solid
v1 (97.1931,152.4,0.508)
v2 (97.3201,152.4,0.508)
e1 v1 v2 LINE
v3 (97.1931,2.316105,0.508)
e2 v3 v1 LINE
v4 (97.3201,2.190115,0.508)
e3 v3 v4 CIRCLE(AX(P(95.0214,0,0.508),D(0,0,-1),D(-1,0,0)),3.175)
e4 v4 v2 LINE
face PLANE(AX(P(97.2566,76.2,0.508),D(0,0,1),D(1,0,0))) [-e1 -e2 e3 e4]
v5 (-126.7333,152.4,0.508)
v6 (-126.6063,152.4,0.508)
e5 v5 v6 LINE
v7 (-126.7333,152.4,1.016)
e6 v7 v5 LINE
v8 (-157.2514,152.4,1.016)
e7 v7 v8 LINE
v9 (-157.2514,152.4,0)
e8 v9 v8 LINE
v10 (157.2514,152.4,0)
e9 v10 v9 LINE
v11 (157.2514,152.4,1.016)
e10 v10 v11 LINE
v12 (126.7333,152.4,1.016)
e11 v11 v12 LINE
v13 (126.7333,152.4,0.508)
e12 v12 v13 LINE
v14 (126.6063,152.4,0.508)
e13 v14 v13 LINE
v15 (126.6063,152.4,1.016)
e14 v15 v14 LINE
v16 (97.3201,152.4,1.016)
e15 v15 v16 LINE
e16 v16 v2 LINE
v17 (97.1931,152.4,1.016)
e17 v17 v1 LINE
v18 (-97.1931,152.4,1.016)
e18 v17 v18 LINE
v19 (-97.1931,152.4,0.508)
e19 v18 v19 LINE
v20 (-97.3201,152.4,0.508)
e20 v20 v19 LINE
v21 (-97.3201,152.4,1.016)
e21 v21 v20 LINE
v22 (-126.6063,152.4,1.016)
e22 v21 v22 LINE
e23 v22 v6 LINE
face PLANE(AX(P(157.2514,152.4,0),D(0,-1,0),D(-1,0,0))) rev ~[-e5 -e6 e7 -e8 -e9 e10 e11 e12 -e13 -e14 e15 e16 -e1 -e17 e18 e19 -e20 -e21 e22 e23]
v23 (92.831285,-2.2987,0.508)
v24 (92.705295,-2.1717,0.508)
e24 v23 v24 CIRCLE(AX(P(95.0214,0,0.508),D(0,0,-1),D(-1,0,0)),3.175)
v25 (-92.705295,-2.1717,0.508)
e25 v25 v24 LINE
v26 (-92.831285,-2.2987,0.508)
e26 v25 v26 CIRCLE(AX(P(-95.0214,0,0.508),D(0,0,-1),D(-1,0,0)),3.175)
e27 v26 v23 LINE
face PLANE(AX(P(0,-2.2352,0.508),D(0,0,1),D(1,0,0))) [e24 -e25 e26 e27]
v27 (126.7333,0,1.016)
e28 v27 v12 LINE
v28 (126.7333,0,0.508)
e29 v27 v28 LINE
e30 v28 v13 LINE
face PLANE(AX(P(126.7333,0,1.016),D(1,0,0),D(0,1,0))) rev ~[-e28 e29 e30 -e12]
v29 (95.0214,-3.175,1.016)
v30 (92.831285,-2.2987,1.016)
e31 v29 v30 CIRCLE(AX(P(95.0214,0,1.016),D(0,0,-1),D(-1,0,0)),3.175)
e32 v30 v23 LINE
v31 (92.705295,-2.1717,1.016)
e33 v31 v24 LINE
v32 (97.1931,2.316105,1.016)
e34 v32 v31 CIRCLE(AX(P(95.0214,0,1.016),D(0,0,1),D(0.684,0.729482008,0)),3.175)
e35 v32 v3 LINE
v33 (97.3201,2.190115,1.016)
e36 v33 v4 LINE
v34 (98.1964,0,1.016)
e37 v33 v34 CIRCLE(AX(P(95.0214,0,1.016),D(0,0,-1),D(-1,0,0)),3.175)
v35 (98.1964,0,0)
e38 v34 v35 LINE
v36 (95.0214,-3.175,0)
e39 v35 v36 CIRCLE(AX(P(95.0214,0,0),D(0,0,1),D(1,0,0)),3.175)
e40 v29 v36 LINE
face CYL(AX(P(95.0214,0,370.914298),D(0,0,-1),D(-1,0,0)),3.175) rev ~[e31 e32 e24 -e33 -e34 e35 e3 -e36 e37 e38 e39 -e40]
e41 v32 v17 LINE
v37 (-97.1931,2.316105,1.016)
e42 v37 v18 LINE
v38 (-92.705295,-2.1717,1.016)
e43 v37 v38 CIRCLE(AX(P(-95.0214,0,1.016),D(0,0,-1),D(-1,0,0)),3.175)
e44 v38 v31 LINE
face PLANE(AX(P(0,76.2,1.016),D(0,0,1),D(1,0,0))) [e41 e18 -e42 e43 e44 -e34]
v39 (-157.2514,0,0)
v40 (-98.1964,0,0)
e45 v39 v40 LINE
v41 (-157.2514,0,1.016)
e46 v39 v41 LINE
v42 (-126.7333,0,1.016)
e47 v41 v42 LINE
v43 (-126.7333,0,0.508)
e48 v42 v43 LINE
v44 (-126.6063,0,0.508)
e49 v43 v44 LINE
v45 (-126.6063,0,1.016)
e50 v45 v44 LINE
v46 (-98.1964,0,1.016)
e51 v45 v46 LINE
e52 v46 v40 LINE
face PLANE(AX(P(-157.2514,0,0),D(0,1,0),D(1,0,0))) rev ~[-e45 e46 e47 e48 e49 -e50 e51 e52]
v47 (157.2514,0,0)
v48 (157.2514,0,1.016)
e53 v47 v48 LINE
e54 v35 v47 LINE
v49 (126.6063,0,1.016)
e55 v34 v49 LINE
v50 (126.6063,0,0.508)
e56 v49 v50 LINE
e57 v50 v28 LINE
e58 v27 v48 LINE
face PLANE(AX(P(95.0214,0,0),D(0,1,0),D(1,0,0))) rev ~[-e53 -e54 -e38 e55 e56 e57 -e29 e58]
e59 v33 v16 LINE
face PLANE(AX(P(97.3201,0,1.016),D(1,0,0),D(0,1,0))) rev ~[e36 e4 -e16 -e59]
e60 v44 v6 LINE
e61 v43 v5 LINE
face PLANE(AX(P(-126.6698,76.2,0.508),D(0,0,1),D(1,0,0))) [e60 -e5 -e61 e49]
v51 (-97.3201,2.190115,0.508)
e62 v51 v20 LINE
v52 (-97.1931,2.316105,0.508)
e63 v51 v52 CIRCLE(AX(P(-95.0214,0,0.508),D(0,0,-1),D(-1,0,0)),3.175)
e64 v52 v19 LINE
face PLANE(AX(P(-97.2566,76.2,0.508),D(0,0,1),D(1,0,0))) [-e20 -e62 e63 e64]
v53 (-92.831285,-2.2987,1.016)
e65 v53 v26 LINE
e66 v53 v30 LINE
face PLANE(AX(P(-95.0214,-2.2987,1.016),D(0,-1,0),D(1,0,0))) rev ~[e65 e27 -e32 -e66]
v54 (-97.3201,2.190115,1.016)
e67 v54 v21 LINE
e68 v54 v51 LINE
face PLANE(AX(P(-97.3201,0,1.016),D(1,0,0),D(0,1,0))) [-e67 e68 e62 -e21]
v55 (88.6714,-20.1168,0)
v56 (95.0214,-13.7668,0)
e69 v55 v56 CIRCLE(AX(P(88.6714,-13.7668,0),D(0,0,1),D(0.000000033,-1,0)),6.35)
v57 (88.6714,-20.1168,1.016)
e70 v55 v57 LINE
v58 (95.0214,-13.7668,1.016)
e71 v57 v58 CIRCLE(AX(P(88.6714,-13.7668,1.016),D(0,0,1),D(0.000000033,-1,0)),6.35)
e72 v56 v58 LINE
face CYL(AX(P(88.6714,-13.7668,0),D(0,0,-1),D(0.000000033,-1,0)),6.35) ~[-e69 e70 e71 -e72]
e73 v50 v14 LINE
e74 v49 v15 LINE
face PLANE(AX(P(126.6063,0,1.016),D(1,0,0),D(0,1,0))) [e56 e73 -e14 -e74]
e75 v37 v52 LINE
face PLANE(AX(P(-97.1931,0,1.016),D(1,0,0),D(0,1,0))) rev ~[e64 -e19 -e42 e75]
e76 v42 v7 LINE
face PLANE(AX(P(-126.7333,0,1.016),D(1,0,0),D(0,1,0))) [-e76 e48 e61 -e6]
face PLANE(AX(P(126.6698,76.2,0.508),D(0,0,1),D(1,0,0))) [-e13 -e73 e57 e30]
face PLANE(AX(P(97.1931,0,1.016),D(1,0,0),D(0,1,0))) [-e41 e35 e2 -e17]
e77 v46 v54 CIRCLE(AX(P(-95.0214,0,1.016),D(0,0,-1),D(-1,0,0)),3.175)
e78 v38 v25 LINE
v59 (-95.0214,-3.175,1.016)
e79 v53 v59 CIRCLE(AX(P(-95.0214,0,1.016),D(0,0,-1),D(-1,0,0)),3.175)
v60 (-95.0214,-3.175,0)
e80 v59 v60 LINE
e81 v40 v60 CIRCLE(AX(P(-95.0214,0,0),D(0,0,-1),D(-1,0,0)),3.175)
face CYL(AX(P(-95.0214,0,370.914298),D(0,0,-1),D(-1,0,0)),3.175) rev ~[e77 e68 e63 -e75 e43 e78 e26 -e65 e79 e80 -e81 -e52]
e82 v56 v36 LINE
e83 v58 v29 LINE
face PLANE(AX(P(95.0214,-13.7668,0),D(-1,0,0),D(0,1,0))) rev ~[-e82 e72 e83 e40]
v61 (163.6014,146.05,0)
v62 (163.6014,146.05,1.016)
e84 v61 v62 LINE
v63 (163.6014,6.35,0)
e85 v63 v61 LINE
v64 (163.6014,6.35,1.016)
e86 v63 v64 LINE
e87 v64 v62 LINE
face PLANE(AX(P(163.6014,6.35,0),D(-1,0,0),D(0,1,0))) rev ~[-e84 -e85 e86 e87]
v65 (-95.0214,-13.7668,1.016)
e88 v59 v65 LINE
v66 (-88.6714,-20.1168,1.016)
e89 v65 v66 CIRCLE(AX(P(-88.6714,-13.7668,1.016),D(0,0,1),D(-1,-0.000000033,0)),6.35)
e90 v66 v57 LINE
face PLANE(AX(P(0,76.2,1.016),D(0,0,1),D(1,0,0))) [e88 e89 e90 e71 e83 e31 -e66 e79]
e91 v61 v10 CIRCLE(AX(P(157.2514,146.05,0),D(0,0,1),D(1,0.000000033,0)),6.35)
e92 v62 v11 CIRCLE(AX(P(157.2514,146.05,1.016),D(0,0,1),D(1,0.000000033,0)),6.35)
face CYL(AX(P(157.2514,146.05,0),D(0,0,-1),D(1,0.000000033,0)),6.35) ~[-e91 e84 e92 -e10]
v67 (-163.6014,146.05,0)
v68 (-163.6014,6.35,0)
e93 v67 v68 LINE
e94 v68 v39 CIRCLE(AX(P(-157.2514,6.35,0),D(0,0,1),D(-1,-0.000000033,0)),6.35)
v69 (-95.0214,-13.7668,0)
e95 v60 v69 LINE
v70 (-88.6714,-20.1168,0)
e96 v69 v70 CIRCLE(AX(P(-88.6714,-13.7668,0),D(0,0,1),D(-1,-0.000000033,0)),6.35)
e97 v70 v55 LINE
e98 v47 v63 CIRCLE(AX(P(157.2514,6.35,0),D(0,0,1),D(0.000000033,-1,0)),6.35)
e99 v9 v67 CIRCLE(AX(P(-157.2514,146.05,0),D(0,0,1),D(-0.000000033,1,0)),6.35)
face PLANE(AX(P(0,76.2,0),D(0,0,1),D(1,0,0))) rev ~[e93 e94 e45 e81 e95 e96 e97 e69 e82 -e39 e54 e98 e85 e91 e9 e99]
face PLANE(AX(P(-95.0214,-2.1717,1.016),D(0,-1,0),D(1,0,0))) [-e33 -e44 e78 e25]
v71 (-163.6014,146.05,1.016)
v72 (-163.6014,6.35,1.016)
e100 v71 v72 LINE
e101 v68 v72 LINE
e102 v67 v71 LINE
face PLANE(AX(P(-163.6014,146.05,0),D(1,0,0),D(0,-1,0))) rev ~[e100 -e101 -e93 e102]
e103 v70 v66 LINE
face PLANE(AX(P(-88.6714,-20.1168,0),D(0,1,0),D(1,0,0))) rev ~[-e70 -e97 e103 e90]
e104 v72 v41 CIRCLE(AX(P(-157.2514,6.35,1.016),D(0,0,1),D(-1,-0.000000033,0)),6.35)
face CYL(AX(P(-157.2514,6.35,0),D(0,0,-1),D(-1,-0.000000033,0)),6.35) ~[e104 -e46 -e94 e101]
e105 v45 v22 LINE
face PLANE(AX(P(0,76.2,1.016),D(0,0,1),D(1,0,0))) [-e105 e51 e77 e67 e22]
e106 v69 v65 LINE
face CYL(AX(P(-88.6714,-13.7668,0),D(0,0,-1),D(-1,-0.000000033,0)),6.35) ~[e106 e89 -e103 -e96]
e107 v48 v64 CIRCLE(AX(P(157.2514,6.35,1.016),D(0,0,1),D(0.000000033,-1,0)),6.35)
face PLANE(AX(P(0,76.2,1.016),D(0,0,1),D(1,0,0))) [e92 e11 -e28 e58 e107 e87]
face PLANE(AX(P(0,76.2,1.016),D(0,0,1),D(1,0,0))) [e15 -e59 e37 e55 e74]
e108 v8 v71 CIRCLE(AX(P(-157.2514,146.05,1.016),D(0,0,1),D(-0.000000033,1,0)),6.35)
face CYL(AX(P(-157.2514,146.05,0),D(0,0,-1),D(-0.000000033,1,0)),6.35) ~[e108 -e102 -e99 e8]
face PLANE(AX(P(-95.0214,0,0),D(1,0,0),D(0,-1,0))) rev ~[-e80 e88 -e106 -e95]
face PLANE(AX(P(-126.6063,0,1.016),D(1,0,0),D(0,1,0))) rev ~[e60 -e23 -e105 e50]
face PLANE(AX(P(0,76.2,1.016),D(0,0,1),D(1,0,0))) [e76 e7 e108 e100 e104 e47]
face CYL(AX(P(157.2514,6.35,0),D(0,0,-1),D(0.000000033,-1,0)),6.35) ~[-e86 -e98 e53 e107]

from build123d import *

# Parameters (mm, degrees)
F0_W     = 190.0428
F0_H     = 2.1717
F0_W_2   = 0.127
F0_H_2   = 152.4
F0_H_3   = 0.127
F1_DEPTH = 1.016
F2_W     = 0.127
F2_H     = 152.4
F2_W_2   = 190.0428
F2_H_2   = 0.127
F3_DEPTH = 0.508
F5_D     = 6.35


with BuildPart() as f1:
    # F0 (on Top) → F1 (new body)
    with BuildSketch(Plane.XY):
        Polygon((-97.1931, 0), (-95.0214, 0), (95.0214, 0), (97.1931, 0), (97.1931, 152.4), (95.0214, 152.4), (-95.0214, 152.4), (-97.1931, 152.4), align=None)
        with Locations((0, -1.08585)):
            Rectangle(F0_W, F0_H)
        with Locations((-97.2566, 76.2)):
            Rectangle(F0_W_2, F0_H_2)
        with Locations((0, -2.2352)):
            Rectangle(F0_W, F0_H_3)
        with Locations((97.2566, 76.2)):
            Rectangle(F0_W_2, F0_H_2)
        Polygon((-99.4918, 0), (-97.3201, 0), (-97.3201, 152.4), (-99.4918, 152.4), (-124.4346, 152.4), (-126.6063, 152.4), (-126.6063, 0), (-124.4346, 0), align=None)
        with Locations((0, -3.38455)):
            Rectangle(F0_W, F0_H)
        Polygon((97.3201, 152.4), (97.3201, 0), (99.4918, 0), (124.4346, 0), (126.6063, 0), (126.6063, 152.4), (124.4346, 152.4), (99.4918, 152.4), align=None)
        with BuildLine():
            Line((95.0214, -4.4704), (-95.0214, -4.4704))
            Line((-95.0214, -4.4704), (-95.0214, -13.7668))
            ThreePointArc((-95.0214, -13.7668), (-93.161528, -18.256928), (-88.6714, -20.1168))
            Line((-88.6714, -20.1168), (88.6714, -20.1168))
            ThreePointArc((88.6714, -20.1168), (93.161528, -18.256928), (95.0214, -13.7668))
            Line((95.0214, -13.7668), (95.0214, -4.4704))
        make_face()
        with Locations((-126.6698, 76.2)):
            Rectangle(F0_W_2, F0_H_2)
        with Locations((126.6698, 76.2)):
            Rectangle(F0_W_2, F0_H_2)
        with BuildLine():
            Line((-128.905, 0), (-126.7333, 0))
            Line((-126.7333, 0), (-126.7333, 152.4))
            Line((-126.7333, 152.4), (-128.905, 152.4))
            Line((-128.905, 152.4), (-157.2514, 152.4))
            ThreePointArc((-157.2514, 152.4), (-161.741528, 150.540128), (-163.6014, 146.05))
            Line((-163.6014, 146.05), (-163.6014, 6.35))
            ThreePointArc((-163.6014, 6.35), (-161.741528, 1.859872), (-157.2514, 0))
            Line((-157.2514, 0), (-128.905, 0))
        make_face()
        with BuildLine():
            Line((126.7333, 152.4), (126.7333, 0))
            Line((126.7333, 0), (128.905, 0))
            Line((128.905, 0), (157.2514, 0))
            ThreePointArc((157.2514, 0), (161.741528, 1.859872), (163.6014, 6.35))
            Line((163.6014, 6.35), (163.6014, 146.05))
            ThreePointArc((163.6014, 146.05), (161.741528, 150.540128), (157.2514, 152.4))
            Line((157.2514, 152.4), (128.905, 152.4))
            Line((128.905, 152.4), (126.7333, 152.4))
        make_face()
    extrude(amount=F1_DEPTH)

    # F2 (on face) → F3 (cut)
    with BuildSketch(Plane.XY.offset(1.016)):
        with Locations((-126.6698, 76.2)):
            Rectangle(F2_W, F2_H)
        with Locations((-97.2566, 76.2)):
            Rectangle(F2_W, F2_H)
        with Locations((97.2566, 76.2)):
            Rectangle(F2_W, F2_H)
        with Locations((126.6698, 76.2)):
            Rectangle(F2_W, F2_H)
        with Locations((0, -2.2352)):
            Rectangle(F2_W_2, F2_H_2)
    extrude(amount=-F3_DEPTH, mode=Mode.SUBTRACT)

    # F5 (through all)
    with Locations(Plane.XY.offset(1.016)):
        with Locations((95.0214, 0), (-95.0214, 0)):
            Hole(F5_D / 2)


solid = f1.part
